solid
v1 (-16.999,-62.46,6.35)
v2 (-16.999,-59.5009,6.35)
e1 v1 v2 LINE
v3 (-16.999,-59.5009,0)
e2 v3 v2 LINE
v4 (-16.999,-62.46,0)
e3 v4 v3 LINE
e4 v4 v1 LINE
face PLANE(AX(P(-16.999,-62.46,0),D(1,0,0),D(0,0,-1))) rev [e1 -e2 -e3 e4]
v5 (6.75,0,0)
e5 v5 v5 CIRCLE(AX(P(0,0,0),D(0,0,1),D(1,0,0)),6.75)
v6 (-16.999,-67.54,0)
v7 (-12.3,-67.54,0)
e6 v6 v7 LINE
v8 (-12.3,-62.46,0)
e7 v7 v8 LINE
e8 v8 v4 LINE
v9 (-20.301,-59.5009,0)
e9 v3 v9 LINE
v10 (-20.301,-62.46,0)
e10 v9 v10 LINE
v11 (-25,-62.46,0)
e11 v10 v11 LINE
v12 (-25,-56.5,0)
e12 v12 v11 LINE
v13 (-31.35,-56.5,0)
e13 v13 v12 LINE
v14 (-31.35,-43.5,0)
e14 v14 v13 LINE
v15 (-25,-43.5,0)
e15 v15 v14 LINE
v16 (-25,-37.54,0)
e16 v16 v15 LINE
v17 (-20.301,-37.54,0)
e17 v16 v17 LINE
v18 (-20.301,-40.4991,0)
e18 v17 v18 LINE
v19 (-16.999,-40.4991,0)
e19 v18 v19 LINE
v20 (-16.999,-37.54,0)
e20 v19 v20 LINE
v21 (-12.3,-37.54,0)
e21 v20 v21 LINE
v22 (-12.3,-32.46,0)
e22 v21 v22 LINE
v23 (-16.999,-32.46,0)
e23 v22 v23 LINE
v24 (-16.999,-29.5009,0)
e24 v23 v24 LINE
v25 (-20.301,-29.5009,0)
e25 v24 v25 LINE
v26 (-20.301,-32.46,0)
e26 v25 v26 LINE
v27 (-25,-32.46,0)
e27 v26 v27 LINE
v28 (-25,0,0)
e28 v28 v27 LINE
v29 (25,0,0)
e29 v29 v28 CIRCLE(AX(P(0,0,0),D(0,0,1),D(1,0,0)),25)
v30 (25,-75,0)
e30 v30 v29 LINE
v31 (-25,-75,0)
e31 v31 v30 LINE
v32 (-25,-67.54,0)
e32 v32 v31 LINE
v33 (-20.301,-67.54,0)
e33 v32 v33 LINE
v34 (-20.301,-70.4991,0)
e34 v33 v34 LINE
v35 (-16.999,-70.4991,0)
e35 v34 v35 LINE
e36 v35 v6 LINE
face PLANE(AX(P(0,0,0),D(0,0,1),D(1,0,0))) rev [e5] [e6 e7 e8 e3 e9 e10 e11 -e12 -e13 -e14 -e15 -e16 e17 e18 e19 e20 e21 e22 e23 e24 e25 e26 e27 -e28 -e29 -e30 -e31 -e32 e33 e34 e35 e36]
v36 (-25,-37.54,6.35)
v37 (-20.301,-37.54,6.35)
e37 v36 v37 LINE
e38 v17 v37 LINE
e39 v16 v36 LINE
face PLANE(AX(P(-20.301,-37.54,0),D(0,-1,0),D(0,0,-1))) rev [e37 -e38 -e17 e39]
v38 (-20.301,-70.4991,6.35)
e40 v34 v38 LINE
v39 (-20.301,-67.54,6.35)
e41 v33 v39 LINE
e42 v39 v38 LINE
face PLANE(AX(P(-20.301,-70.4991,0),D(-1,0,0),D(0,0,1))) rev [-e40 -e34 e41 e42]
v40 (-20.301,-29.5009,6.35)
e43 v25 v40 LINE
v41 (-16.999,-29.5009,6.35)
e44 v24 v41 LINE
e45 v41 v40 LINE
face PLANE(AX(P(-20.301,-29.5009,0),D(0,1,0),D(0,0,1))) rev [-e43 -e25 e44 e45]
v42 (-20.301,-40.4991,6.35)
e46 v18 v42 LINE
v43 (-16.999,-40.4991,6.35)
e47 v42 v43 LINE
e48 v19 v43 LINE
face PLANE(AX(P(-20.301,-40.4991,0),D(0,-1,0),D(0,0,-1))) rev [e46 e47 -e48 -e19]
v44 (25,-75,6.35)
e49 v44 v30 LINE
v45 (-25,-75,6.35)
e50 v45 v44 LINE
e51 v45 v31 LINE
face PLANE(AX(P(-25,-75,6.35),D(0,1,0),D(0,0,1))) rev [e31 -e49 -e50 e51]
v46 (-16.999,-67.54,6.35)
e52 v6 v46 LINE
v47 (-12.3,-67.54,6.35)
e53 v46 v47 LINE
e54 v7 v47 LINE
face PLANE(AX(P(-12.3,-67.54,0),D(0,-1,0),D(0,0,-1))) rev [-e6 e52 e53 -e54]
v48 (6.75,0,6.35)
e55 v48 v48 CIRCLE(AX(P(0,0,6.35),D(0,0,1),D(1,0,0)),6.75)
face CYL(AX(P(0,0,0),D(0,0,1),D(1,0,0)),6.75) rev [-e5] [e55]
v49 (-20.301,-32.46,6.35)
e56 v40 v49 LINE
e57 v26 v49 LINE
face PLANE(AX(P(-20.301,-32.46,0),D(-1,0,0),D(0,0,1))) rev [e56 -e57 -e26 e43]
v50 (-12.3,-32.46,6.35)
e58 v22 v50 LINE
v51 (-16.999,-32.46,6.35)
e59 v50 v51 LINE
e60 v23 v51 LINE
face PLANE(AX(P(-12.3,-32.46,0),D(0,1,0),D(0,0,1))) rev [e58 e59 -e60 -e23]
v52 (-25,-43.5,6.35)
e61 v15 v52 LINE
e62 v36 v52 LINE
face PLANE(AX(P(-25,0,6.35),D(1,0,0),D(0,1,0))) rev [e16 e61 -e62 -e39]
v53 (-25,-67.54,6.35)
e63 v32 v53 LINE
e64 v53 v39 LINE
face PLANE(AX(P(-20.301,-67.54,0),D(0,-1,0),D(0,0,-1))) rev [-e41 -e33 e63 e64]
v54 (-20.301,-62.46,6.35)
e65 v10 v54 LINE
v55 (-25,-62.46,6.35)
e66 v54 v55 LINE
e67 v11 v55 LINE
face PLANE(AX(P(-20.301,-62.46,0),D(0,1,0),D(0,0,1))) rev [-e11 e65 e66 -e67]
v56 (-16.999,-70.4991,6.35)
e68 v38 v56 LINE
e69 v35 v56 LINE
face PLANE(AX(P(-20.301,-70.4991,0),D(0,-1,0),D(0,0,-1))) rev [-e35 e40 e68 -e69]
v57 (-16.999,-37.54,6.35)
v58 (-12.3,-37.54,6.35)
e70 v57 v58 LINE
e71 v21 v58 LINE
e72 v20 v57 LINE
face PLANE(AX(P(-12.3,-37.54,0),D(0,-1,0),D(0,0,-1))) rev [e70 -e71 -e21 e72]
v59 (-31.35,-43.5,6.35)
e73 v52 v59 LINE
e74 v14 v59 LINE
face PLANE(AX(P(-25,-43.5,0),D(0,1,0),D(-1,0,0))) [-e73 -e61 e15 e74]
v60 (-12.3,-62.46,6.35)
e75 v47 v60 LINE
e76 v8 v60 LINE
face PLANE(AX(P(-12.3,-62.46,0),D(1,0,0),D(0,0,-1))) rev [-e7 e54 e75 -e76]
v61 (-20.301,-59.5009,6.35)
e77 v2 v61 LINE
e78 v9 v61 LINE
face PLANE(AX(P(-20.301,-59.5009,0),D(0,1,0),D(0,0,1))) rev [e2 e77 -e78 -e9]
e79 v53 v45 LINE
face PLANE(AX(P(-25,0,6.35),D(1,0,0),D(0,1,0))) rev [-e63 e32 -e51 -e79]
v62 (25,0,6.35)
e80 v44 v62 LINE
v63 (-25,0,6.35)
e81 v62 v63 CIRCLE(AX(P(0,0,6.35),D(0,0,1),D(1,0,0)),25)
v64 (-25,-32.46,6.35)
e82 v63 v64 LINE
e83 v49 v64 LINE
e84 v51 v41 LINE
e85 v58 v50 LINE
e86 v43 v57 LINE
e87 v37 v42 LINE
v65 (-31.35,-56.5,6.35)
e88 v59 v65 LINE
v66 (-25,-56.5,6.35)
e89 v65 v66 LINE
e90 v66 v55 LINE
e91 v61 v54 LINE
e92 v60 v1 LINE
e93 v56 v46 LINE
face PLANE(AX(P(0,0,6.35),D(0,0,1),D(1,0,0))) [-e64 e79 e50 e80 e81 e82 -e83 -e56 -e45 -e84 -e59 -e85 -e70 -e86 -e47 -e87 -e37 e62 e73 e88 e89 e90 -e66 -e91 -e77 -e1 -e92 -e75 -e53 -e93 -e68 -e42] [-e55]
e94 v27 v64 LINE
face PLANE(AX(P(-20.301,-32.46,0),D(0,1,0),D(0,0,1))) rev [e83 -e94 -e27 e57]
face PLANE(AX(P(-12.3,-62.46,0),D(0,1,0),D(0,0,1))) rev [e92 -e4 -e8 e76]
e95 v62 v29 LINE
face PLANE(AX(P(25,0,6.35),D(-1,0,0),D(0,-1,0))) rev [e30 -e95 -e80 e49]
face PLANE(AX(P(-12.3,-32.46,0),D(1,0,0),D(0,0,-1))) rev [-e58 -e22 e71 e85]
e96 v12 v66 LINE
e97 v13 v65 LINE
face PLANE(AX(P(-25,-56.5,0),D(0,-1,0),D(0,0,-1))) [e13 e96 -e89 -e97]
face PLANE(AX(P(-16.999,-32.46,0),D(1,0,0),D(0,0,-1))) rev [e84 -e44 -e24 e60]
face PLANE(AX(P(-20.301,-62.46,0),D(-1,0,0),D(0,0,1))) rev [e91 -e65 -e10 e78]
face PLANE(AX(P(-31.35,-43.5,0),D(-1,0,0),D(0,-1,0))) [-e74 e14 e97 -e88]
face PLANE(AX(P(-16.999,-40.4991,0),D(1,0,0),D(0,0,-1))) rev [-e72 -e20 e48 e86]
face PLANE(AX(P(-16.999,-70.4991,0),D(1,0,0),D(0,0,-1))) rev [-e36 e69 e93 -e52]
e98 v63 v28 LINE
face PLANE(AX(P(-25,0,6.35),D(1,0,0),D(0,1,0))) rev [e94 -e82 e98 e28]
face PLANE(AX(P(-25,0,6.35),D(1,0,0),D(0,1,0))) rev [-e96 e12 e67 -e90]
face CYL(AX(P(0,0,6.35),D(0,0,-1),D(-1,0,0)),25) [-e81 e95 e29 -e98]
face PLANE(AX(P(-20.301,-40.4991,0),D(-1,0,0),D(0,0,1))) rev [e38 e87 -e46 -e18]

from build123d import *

# Parameters (mm, degrees)
BOSS_EXTRUDE1_DEPTH = 6.35
CUT_EXTRUDE1_DEPTH  = 6.35
LPATTERN1_COUNT     = 2
LPATTERN1_PITCH     = 30
SKETCH4_W           = 6.35
SKETCH4_H           = 13
BOSS_EXTRUDE2_DEPTH = 6.35
SKETCH5_R           = 6.75
CUT_EXTRUDE2_DEPTH  = 82.536157623


with BuildPart() as part:
    # Sketch2 → Boss-Extrude1 (new body)
    with BuildSketch(Plane.XY):
        with BuildLine():
            Line((-25, 0), (-25, -75))
            Line((-25, -75), (25, -75))
            Line((25, -75), (25, 0))
            ThreePointArc((25, 0), (0, 25), (-25, 0))
        make_face()
    extrude(amount=BOSS_EXTRUDE1_DEPTH)

    # Sketch3 → Cut-Extrude1 (cut)
    with BuildSketch(Plane.XY.offset(6.35)):
        Polygon((-12.3, -67.54), (-16.999, -67.54), (-16.999, -70.4991), (-20.301, -70.4991), (-20.301, -67.54), (-25, -67.54), (-25, -62.46), (-20.301, -62.46), (-20.301, -59.5009), (-16.999, -59.5009), (-16.999, -62.46), (-12.3, -62.46), align=None)
    cut_extrude1 = extrude(amount=-CUT_EXTRUDE1_DEPTH, mode=Mode.SUBTRACT)

    # LPattern1: Cut-Extrude1 ×2
    with Locations(*[(0, i * LPATTERN1_PITCH, 0) for i in range(1, LPATTERN1_COUNT)]):
        add(cut_extrude1, mode=Mode.SUBTRACT)

    # Sketch4 → Boss-Extrude2 (add)
    with BuildSketch(Plane.XY.offset(6.35)):
        with Locations((-28.175, -50)):
            Rectangle(SKETCH4_W, SKETCH4_H)
    extrude(amount=-BOSS_EXTRUDE2_DEPTH)

    # Sketch5 → Cut-Extrude2 (cut, through all)
    with BuildSketch(Plane.XY.offset(6.35)):
        Circle(SKETCH5_R)
    extrude(amount=-CUT_EXTRUDE2_DEPTH, mode=Mode.SUBTRACT)


solid = part.part
